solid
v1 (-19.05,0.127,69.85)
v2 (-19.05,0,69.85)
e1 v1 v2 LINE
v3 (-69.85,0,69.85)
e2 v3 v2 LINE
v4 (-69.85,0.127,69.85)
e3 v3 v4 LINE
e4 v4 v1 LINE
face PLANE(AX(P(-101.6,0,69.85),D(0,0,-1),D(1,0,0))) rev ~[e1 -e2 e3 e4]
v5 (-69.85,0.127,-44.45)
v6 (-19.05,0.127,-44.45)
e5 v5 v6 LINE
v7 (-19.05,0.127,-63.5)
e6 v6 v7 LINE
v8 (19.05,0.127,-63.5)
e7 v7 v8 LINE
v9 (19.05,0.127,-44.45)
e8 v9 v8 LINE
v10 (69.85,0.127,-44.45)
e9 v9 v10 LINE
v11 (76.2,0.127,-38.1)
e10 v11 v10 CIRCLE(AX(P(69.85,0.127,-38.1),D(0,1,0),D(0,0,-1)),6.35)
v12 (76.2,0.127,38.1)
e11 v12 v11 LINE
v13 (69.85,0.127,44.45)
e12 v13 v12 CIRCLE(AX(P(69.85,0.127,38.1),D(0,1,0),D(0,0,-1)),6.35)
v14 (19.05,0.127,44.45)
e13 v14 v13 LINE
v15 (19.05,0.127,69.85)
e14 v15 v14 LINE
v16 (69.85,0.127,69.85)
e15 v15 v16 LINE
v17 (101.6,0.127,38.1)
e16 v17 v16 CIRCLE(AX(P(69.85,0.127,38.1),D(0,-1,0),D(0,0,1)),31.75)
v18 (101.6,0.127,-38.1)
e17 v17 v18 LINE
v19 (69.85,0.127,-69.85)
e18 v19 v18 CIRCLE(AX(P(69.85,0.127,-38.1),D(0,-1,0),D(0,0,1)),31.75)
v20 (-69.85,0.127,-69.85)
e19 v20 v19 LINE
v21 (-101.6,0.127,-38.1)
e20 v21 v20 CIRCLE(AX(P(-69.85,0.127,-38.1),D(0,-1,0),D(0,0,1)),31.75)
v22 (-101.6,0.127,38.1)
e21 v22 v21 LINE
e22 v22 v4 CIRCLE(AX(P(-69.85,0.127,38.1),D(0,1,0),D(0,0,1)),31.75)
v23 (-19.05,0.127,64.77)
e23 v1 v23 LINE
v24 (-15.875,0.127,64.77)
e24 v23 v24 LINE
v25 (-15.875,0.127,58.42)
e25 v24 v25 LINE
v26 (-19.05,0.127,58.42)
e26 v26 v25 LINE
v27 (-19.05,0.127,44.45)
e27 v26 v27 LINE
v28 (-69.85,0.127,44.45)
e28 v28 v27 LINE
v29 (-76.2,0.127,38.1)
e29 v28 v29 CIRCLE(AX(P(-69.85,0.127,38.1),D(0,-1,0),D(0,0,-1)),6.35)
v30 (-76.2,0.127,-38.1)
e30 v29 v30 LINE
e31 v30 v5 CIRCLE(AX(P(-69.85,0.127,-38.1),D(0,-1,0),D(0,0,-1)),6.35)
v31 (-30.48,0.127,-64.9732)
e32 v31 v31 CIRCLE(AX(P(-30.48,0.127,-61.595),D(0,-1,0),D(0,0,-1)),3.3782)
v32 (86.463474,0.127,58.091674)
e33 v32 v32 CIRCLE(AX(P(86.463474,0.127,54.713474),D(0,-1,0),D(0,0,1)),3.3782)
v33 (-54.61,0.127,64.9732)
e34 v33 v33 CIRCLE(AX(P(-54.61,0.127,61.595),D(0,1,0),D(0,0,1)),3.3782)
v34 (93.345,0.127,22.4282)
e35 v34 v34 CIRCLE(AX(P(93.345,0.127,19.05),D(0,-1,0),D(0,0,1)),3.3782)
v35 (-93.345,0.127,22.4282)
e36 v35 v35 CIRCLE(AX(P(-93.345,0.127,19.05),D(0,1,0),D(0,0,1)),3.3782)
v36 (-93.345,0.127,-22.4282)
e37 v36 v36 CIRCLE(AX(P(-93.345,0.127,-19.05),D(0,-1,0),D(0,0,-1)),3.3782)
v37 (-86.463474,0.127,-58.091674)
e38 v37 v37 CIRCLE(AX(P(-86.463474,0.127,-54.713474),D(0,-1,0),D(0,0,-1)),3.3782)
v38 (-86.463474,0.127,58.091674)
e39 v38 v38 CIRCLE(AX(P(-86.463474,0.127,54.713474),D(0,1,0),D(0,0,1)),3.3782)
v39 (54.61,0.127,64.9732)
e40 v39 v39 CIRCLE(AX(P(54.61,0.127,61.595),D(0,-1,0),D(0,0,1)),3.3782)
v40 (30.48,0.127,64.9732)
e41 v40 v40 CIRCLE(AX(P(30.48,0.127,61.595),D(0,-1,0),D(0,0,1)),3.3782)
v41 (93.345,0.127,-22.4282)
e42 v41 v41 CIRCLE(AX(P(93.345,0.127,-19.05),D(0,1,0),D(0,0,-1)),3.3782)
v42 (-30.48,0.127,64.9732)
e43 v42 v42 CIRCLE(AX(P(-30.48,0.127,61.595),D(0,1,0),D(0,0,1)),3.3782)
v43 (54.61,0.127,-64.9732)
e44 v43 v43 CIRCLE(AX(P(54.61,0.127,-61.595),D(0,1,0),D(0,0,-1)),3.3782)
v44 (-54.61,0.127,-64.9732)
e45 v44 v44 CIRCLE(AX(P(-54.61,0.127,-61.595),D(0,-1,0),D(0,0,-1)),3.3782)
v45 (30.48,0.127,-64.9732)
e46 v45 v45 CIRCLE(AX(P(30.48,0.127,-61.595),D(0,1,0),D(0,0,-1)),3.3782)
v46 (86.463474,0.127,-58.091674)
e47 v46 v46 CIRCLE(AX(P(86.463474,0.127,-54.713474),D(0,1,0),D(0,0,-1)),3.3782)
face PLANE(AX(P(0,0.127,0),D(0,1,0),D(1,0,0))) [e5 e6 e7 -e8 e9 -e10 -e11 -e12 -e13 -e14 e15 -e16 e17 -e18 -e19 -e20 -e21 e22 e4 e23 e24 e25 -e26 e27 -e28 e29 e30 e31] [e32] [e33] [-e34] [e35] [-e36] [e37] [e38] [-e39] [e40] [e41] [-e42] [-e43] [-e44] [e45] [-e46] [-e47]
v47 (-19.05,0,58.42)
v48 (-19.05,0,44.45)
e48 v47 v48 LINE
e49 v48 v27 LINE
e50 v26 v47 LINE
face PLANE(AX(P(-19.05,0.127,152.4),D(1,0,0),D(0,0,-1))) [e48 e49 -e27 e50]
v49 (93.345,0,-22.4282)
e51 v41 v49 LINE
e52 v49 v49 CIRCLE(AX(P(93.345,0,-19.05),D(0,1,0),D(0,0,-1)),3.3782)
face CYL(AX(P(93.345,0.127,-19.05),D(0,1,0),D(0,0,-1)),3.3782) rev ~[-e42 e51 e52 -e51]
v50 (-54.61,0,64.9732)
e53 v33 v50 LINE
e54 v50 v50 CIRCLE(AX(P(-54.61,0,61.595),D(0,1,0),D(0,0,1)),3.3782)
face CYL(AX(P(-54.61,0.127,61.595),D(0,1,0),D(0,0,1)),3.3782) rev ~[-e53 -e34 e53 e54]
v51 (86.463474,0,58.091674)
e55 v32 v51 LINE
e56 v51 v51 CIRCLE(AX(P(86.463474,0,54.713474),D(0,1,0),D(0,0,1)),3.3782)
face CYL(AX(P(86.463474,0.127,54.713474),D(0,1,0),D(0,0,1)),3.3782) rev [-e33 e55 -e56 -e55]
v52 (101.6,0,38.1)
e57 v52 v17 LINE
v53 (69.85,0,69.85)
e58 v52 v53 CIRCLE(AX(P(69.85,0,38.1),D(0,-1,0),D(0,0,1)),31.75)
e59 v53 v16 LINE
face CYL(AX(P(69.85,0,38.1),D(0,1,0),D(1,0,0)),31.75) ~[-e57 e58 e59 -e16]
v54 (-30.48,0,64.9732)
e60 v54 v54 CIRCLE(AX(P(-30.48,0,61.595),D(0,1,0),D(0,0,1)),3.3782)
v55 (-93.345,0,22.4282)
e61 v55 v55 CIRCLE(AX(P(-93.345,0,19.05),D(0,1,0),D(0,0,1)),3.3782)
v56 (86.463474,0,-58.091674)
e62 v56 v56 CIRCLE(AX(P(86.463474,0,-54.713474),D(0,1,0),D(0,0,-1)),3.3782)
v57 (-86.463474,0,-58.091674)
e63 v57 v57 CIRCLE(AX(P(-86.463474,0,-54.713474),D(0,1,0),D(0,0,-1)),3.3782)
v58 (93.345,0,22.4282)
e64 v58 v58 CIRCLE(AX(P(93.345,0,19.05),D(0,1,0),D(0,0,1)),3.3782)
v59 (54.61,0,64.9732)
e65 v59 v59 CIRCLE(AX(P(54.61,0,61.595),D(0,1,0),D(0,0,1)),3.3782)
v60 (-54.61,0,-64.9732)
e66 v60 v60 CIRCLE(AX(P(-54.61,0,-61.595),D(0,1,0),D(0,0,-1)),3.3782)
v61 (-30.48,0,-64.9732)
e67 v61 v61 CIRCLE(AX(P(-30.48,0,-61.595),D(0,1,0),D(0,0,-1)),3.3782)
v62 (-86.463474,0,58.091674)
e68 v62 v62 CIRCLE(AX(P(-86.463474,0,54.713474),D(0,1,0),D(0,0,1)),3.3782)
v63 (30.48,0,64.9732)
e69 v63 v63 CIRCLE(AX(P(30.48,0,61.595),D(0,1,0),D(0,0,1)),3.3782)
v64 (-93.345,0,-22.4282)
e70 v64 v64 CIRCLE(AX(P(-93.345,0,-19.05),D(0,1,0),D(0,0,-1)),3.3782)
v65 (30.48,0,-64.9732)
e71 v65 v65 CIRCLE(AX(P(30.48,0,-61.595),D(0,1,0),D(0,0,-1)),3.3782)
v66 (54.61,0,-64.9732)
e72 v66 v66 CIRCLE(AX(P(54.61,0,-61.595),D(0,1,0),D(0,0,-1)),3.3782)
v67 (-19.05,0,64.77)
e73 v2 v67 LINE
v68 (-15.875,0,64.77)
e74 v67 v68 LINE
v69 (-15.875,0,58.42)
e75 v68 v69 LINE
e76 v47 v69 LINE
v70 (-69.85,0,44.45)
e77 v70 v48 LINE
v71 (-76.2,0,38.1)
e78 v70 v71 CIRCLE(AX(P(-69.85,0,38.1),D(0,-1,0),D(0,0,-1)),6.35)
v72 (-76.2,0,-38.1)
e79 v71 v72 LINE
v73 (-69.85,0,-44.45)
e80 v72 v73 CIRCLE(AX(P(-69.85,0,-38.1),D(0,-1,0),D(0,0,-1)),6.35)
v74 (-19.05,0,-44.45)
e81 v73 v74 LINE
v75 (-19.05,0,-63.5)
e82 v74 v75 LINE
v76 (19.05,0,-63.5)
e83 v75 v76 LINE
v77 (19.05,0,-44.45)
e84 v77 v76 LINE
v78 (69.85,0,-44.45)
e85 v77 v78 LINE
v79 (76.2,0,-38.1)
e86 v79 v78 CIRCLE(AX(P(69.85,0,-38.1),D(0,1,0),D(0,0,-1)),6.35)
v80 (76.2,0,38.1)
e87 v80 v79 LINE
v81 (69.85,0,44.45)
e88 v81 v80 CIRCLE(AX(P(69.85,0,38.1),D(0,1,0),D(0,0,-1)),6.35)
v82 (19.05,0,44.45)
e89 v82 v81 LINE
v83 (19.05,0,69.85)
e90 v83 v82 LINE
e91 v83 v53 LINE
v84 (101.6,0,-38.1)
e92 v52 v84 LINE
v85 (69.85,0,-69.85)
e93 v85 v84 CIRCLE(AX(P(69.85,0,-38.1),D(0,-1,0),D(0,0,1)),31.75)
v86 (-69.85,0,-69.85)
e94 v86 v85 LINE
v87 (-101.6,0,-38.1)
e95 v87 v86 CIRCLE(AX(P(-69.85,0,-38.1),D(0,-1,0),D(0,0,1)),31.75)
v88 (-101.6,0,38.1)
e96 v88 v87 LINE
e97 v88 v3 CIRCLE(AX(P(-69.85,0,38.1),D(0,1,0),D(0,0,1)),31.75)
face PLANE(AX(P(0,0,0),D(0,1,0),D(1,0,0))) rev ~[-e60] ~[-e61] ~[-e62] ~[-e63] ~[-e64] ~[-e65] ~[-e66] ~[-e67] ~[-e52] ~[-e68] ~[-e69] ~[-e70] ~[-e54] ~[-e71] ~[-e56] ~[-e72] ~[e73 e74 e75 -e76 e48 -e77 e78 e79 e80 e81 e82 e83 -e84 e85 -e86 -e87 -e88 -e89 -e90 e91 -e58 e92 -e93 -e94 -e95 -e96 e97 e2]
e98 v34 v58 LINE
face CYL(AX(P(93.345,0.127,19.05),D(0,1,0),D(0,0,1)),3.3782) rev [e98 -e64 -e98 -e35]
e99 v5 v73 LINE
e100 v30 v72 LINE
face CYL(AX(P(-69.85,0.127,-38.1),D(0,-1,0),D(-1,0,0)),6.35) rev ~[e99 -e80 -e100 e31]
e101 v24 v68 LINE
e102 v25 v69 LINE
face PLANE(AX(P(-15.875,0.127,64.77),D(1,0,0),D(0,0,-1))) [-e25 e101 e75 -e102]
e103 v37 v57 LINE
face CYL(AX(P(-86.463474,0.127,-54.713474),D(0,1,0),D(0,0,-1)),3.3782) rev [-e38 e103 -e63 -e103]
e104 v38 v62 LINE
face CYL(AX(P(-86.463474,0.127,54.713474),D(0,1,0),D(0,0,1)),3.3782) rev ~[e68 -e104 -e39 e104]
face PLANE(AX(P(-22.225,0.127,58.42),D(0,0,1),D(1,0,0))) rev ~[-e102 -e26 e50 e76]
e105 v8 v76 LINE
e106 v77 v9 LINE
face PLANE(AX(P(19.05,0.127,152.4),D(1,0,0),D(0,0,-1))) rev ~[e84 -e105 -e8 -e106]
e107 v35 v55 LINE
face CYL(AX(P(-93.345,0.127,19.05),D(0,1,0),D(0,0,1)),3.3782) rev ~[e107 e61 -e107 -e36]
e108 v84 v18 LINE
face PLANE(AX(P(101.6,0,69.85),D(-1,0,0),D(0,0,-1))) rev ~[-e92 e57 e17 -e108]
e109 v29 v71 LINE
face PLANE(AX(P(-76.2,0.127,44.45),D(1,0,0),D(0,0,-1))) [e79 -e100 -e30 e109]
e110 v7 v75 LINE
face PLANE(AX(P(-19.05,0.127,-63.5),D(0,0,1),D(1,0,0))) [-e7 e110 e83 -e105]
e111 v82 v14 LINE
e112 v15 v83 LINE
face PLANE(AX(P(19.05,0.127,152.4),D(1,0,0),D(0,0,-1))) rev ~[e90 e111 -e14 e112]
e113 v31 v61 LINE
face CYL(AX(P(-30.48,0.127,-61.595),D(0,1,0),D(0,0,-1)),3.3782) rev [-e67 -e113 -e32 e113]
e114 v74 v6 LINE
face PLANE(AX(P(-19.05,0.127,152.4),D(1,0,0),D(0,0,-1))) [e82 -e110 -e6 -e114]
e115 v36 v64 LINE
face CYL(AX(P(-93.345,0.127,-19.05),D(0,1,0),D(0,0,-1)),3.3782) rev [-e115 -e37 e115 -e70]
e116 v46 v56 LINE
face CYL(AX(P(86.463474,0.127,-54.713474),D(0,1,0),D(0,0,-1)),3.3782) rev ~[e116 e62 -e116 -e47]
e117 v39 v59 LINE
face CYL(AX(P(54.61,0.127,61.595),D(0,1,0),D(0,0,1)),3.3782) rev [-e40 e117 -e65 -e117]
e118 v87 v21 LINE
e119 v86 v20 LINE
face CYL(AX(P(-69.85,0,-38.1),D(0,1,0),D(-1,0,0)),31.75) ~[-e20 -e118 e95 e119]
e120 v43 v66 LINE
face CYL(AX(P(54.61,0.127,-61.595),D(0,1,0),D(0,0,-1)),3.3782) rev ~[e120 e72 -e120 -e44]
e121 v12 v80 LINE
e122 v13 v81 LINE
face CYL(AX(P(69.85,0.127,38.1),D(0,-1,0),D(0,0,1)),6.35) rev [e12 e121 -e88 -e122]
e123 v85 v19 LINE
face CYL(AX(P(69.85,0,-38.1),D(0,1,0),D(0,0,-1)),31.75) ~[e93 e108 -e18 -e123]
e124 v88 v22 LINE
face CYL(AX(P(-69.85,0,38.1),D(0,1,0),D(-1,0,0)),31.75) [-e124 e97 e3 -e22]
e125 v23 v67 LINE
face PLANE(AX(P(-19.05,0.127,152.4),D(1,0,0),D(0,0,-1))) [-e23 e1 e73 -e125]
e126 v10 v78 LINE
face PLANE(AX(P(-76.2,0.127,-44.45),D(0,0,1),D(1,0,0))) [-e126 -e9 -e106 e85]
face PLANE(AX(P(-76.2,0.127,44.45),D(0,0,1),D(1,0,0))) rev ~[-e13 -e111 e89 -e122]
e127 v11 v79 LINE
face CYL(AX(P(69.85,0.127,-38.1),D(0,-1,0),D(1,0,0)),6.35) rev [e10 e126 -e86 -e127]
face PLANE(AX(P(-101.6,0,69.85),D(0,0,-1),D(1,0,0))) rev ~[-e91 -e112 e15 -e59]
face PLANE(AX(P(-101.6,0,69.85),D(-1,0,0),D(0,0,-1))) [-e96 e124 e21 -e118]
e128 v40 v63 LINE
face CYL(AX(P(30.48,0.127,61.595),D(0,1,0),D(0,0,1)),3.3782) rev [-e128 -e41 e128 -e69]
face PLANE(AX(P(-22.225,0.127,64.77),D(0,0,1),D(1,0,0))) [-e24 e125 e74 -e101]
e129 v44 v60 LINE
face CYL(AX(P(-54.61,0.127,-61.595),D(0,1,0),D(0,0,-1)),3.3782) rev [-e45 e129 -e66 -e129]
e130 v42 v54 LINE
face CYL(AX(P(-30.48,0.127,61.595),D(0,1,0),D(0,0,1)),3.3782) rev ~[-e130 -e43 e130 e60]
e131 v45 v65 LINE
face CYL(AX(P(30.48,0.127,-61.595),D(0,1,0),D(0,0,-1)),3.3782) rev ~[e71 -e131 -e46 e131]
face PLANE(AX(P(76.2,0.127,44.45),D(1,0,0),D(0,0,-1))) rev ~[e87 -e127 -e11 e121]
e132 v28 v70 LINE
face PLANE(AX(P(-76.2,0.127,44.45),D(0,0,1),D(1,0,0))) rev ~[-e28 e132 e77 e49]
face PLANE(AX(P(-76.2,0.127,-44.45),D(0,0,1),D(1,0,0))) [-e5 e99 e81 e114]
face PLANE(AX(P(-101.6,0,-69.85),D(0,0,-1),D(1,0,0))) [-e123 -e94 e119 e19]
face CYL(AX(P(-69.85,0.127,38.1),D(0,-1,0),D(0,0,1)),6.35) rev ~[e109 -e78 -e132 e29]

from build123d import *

# Parameters (mm, degrees)
SKETCH1_W                = 203.2
SKETCH1_H                = 139.7
BASE_EXTRUDE_DEPTH       = 0.127
SKETCH2_W                = 152.4
SKETCH2_H                = 88.9
CENTER_CUT_DEPTH         = 124.294763186
SKETCH3_W                = 38.1
SKETCH3_H                = 215.9
VETICAL_CUT_DEPTH        = 124.294763186
FILLET_1_R               = 31.75
SKETCH4_W                = 6.35
SKETCH4_H                = 6.35
SQUARE_EXTRUDE_DEPTH     = 0.127
SKETCH7_R                = 3.3782
CIRCULAR_EXTRUDE_DEPTH   = 124.294763186
MIRROR_2_COPY_1_SKETCH_R = 3.3782
MIRROR_2_COPY_1_DEPTH    = 124.294763186
FILLET_2_R               = 6.35


with BuildPart() as part:
    # Sketch1 → Base Extrude (new body)
    with BuildSketch(Plane(origin=(0, 0, 0), x_dir=(1, 0, 0), z_dir=(0, 1, 0))):
        Rectangle(SKETCH1_W, SKETCH1_H)
    extrude(amount=BASE_EXTRUDE_DEPTH)

    # Sketch2 → Center Cut (cut, through all)
    with BuildSketch(Plane(origin=(0, 0.127, 0), x_dir=(1, 0, 0), z_dir=(0, 1, 0))):
        Rectangle(SKETCH2_W, SKETCH2_H)
    extrude(amount=-CENTER_CUT_DEPTH, mode=Mode.SUBTRACT)

    # Sketch3 → Vetical Cut (cut, through all)
    with BuildSketch(Plane(origin=(0, 0.127, 0), x_dir=(1, 0, 0), z_dir=(0, 1, 0))):
        with Locations((0, -44.45)):
            Rectangle(SKETCH3_W, SKETCH3_H)
    extrude(amount=-VETICAL_CUT_DEPTH, mode=Mode.SUBTRACT)

    # Fillet 1
    fillet_1_edges = [part.edges().sort_by_distance(p)[0] for p in [
        (-101.6, 0.0635, -69.85),
        (101.6, 0.0635, -69.85),
        (101.6, 0.0635, 69.85),
        (-101.6, 0.0635, 69.85),
    ]]
    fillet(fillet_1_edges, radius=FILLET_1_R)

    # Sketch4 → Square Extrude (add)
    with BuildSketch(Plane(origin=(0, 0.127, 0), x_dir=(1, 0, 0), z_dir=(0, 1, 0))):
        with Locations((-19.05, -61.595)):
            Rectangle(SKETCH4_W, SKETCH4_H)
    extrude(amount=-SQUARE_EXTRUDE_DEPTH)

    # Sketch7 → Circular Extrude (cut, through all)
    with BuildSketch(Plane(origin=(0, 0.127, 0), x_dir=(1, 0, 0), z_dir=(0, 1, 0))):
        with Locations(Location((-93.345, -19.05, 0), (0, 0, 270))):
            Circle(SKETCH7_R)
        with Locations(Location((-86.463473824, -54.713473824, 0), (0, 0, 270))):
            Circle(SKETCH7_R)
        with Locations(Location((-30.48, -61.595, 0), (0, 0, 270))):
            Circle(SKETCH7_R)
        with Locations(Location((-54.61, -61.595, 0), (0, 0, 270))):
            Circle(SKETCH7_R)
    circular_extrude = extrude(amount=-CIRCULAR_EXTRUDE_DEPTH, mode=Mode.SUBTRACT)

    # Mirror 1: Circular Extrude across plane
    add(circular_extrude.mirror(Plane(origin=(0, 0, 0), x_dir=(0, 0, 1), z_dir=(1, 0, 0))), mode=Mode.SUBTRACT)

    # Mirror 2: Circular Extrude across plane
    add(circular_extrude.mirror(Plane.XY), mode=Mode.SUBTRACT)

    # Mirror 2 copy 1 sketch → Mirror 2 copy 1 (cut, through all)
    with BuildSketch(Plane(origin=(0, 0.127, 0), x_dir=(-1, 0, 0), z_dir=(0, 1, 0))):
        with Locations(Location((-93.345, -19.05, 0), (0, 0, 270))):
            Circle(MIRROR_2_COPY_1_SKETCH_R)
        with Locations(Location((-86.463473824, -54.713473824, 0), (0, 0, 270))):
            Circle(MIRROR_2_COPY_1_SKETCH_R)
        with Locations(Location((-30.48, -61.595, 0), (0, 0, 270))):
            Circle(MIRROR_2_COPY_1_SKETCH_R)
        with Locations(Location((-54.61, -61.595, 0), (0, 0, 270))):
            Circle(MIRROR_2_COPY_1_SKETCH_R)
    extrude(amount=-MIRROR_2_COPY_1_DEPTH, mode=Mode.SUBTRACT)

    # Fillet 2
    fillet_2_edges = [part.edges().sort_by_distance(p)[0] for p in [
        (-76.2, 0.0635, 44.45),
        (-76.2, 0.0635, -44.45),
        (76.2, 0.0635, -44.45),
        (76.2, 0.0635, 44.45),
    ]]
    fillet(fillet_2_edges, radius=FILLET_2_R)


solid = part.part
